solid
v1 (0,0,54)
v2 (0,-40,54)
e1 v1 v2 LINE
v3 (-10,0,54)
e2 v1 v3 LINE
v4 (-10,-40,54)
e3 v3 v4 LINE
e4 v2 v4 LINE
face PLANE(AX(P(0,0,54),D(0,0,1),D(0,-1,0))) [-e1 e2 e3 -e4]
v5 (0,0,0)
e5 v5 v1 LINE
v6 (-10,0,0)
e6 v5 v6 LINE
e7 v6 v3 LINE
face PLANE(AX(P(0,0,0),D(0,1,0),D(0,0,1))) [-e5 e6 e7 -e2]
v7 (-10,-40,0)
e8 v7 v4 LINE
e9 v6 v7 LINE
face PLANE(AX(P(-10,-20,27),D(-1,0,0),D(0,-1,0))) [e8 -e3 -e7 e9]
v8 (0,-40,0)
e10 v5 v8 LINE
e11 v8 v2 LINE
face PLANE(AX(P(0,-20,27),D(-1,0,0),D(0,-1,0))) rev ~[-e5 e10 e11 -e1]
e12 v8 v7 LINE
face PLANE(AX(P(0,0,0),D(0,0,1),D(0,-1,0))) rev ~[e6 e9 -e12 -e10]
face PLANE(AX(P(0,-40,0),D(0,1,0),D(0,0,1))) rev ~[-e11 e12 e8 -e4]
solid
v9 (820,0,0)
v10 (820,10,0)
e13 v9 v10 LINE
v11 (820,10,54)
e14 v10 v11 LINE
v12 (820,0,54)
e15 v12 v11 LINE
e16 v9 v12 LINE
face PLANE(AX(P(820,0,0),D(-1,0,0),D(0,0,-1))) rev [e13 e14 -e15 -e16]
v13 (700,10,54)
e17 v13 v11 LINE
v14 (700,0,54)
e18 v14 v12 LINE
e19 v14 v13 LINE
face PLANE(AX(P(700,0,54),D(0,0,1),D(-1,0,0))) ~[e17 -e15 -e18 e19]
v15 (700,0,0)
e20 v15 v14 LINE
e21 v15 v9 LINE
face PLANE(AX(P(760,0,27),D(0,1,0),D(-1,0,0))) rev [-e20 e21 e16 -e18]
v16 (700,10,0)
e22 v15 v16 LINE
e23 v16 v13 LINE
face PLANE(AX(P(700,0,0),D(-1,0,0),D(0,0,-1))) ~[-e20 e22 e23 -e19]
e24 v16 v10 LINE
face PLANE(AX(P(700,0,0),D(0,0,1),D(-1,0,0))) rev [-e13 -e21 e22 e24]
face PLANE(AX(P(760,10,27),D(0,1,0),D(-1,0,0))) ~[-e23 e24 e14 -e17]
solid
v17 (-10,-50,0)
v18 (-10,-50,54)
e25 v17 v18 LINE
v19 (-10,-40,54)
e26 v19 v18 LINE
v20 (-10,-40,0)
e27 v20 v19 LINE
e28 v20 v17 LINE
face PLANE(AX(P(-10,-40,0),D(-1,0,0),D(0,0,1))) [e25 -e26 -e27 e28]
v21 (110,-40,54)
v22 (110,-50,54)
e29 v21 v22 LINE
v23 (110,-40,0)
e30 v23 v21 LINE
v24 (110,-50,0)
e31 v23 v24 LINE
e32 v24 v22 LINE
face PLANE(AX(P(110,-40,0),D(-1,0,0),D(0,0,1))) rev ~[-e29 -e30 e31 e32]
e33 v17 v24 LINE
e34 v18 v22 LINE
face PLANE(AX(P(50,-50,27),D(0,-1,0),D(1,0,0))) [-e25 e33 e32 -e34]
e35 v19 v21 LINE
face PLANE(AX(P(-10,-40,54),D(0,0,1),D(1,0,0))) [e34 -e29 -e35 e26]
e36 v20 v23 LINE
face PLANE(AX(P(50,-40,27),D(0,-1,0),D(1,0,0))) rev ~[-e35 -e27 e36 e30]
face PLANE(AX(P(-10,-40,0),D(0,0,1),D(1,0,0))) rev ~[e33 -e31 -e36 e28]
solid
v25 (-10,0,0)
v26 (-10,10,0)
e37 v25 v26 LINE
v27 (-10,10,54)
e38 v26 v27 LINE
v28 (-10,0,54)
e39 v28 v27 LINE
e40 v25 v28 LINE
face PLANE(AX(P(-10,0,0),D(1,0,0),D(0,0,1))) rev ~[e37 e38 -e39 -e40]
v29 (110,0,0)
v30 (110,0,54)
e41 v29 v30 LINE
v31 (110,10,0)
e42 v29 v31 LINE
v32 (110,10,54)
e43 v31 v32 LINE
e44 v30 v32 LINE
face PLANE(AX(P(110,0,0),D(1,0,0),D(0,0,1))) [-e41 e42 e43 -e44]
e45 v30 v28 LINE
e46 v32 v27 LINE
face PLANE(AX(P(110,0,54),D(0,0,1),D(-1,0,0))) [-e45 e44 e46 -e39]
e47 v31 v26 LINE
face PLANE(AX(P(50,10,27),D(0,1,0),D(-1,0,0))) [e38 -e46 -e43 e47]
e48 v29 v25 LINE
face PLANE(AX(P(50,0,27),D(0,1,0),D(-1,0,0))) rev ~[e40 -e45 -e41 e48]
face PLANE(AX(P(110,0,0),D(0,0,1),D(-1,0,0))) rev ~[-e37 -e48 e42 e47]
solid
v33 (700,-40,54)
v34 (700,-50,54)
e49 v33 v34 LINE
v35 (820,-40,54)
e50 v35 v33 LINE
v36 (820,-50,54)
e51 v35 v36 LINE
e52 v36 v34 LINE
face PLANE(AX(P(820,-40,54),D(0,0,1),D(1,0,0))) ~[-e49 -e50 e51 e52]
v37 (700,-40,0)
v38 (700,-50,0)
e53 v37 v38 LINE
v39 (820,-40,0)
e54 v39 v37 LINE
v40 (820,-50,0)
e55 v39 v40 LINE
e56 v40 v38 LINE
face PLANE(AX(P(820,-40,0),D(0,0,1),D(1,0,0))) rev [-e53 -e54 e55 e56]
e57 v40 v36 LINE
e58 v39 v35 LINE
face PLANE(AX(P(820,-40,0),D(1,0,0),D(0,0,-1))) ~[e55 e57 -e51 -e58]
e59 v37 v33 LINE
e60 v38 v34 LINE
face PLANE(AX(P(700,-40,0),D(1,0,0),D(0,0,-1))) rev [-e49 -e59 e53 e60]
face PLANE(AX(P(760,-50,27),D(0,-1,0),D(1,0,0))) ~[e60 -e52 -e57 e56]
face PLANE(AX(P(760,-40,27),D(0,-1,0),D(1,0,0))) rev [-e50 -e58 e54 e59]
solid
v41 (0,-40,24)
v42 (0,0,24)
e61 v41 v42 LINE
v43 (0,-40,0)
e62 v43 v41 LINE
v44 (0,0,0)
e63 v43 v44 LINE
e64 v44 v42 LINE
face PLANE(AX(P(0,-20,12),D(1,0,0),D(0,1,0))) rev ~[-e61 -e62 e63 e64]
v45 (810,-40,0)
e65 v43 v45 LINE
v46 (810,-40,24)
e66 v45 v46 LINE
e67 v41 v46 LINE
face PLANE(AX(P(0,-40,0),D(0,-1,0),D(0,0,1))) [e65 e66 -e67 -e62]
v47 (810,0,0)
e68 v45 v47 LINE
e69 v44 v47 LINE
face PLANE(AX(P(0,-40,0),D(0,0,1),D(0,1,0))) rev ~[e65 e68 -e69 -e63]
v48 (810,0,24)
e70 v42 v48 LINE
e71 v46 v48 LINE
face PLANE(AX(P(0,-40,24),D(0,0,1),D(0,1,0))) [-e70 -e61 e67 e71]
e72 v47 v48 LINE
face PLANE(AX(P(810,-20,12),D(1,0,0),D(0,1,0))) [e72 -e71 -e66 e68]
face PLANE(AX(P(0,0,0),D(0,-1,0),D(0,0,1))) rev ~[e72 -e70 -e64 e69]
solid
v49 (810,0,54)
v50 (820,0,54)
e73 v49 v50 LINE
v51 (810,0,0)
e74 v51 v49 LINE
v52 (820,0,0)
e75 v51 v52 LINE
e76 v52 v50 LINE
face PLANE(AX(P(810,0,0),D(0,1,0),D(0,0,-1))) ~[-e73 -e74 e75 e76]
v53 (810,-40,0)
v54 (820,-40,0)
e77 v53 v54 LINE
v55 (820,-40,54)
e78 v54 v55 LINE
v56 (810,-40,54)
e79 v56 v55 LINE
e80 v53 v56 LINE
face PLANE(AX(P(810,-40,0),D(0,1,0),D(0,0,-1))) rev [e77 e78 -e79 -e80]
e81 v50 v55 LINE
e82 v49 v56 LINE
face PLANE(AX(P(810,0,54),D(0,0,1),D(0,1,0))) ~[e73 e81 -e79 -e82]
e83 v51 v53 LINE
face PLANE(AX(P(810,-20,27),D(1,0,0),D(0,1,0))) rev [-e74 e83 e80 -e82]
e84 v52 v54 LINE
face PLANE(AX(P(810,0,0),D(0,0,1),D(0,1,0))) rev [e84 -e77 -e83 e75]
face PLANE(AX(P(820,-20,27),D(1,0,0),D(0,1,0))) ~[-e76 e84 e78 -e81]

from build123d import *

# Parameters (mm, degrees)
F0_W     = 40
F0_H     = 24
F1_DEPTH = 810
F2_W     = 40
F2_H     = 54
F3_DEPTH = 10
F4_W     = 120
F4_H     = 54
F5_DEPTH = 10
F6_W     = 120
F6_H     = 54
F7_DEPTH = 10


with BuildPart() as f1:
    # F0 (on Right) → F1 (new body)
    with BuildSketch(Plane.YZ):
        with Locations((-20, 12)):
            Rectangle(F0_W, F0_H)
    extrude(amount=F1_DEPTH)


with BuildPart() as f3:
    # F2 (on face) → F3 (new body)
    with BuildSketch(Plane(origin=(0, 0, 0), x_dir=(0, -1, 0), z_dir=(-1, 0, 0))):
        with Locations((20, 27)):
            Rectangle(F2_W, F2_H)
    extrude(amount=F3_DEPTH)


with BuildPart() as f5:
    # F4 (on face) → F5 (new body)
    with BuildSketch(Plane.XZ.offset(40)):
        with Locations((50, 27)):
            Rectangle(F4_W, F4_H)
    extrude(amount=F5_DEPTH)


with BuildPart() as f7:
    # F6 (on face) → F7 (new body)
    with BuildSketch(Plane(origin=(0, 0, 0), x_dir=(-1, 0, 0), z_dir=(0, 1, 0))):
        with Locations((-50, 27)):
            Rectangle(F6_W, F6_H)
    extrude(amount=F7_DEPTH)


with BuildPart() as f10_1:
    # F10: instance of F5
    add(f5.part.mirror(Plane.YZ.offset(405)))


with BuildPart() as f10_2:
    # F10: instance of F3
    add(f3.part.mirror(Plane.YZ.offset(405)))


with BuildPart() as f10_3:
    # F10: instance of F7
    add(f7.part.mirror(Plane.YZ.offset(405)))


solid = Compound([f1.part, f3.part, f5.part, f7.part, f10_1.part, f10_2.part, f10_3.part])
